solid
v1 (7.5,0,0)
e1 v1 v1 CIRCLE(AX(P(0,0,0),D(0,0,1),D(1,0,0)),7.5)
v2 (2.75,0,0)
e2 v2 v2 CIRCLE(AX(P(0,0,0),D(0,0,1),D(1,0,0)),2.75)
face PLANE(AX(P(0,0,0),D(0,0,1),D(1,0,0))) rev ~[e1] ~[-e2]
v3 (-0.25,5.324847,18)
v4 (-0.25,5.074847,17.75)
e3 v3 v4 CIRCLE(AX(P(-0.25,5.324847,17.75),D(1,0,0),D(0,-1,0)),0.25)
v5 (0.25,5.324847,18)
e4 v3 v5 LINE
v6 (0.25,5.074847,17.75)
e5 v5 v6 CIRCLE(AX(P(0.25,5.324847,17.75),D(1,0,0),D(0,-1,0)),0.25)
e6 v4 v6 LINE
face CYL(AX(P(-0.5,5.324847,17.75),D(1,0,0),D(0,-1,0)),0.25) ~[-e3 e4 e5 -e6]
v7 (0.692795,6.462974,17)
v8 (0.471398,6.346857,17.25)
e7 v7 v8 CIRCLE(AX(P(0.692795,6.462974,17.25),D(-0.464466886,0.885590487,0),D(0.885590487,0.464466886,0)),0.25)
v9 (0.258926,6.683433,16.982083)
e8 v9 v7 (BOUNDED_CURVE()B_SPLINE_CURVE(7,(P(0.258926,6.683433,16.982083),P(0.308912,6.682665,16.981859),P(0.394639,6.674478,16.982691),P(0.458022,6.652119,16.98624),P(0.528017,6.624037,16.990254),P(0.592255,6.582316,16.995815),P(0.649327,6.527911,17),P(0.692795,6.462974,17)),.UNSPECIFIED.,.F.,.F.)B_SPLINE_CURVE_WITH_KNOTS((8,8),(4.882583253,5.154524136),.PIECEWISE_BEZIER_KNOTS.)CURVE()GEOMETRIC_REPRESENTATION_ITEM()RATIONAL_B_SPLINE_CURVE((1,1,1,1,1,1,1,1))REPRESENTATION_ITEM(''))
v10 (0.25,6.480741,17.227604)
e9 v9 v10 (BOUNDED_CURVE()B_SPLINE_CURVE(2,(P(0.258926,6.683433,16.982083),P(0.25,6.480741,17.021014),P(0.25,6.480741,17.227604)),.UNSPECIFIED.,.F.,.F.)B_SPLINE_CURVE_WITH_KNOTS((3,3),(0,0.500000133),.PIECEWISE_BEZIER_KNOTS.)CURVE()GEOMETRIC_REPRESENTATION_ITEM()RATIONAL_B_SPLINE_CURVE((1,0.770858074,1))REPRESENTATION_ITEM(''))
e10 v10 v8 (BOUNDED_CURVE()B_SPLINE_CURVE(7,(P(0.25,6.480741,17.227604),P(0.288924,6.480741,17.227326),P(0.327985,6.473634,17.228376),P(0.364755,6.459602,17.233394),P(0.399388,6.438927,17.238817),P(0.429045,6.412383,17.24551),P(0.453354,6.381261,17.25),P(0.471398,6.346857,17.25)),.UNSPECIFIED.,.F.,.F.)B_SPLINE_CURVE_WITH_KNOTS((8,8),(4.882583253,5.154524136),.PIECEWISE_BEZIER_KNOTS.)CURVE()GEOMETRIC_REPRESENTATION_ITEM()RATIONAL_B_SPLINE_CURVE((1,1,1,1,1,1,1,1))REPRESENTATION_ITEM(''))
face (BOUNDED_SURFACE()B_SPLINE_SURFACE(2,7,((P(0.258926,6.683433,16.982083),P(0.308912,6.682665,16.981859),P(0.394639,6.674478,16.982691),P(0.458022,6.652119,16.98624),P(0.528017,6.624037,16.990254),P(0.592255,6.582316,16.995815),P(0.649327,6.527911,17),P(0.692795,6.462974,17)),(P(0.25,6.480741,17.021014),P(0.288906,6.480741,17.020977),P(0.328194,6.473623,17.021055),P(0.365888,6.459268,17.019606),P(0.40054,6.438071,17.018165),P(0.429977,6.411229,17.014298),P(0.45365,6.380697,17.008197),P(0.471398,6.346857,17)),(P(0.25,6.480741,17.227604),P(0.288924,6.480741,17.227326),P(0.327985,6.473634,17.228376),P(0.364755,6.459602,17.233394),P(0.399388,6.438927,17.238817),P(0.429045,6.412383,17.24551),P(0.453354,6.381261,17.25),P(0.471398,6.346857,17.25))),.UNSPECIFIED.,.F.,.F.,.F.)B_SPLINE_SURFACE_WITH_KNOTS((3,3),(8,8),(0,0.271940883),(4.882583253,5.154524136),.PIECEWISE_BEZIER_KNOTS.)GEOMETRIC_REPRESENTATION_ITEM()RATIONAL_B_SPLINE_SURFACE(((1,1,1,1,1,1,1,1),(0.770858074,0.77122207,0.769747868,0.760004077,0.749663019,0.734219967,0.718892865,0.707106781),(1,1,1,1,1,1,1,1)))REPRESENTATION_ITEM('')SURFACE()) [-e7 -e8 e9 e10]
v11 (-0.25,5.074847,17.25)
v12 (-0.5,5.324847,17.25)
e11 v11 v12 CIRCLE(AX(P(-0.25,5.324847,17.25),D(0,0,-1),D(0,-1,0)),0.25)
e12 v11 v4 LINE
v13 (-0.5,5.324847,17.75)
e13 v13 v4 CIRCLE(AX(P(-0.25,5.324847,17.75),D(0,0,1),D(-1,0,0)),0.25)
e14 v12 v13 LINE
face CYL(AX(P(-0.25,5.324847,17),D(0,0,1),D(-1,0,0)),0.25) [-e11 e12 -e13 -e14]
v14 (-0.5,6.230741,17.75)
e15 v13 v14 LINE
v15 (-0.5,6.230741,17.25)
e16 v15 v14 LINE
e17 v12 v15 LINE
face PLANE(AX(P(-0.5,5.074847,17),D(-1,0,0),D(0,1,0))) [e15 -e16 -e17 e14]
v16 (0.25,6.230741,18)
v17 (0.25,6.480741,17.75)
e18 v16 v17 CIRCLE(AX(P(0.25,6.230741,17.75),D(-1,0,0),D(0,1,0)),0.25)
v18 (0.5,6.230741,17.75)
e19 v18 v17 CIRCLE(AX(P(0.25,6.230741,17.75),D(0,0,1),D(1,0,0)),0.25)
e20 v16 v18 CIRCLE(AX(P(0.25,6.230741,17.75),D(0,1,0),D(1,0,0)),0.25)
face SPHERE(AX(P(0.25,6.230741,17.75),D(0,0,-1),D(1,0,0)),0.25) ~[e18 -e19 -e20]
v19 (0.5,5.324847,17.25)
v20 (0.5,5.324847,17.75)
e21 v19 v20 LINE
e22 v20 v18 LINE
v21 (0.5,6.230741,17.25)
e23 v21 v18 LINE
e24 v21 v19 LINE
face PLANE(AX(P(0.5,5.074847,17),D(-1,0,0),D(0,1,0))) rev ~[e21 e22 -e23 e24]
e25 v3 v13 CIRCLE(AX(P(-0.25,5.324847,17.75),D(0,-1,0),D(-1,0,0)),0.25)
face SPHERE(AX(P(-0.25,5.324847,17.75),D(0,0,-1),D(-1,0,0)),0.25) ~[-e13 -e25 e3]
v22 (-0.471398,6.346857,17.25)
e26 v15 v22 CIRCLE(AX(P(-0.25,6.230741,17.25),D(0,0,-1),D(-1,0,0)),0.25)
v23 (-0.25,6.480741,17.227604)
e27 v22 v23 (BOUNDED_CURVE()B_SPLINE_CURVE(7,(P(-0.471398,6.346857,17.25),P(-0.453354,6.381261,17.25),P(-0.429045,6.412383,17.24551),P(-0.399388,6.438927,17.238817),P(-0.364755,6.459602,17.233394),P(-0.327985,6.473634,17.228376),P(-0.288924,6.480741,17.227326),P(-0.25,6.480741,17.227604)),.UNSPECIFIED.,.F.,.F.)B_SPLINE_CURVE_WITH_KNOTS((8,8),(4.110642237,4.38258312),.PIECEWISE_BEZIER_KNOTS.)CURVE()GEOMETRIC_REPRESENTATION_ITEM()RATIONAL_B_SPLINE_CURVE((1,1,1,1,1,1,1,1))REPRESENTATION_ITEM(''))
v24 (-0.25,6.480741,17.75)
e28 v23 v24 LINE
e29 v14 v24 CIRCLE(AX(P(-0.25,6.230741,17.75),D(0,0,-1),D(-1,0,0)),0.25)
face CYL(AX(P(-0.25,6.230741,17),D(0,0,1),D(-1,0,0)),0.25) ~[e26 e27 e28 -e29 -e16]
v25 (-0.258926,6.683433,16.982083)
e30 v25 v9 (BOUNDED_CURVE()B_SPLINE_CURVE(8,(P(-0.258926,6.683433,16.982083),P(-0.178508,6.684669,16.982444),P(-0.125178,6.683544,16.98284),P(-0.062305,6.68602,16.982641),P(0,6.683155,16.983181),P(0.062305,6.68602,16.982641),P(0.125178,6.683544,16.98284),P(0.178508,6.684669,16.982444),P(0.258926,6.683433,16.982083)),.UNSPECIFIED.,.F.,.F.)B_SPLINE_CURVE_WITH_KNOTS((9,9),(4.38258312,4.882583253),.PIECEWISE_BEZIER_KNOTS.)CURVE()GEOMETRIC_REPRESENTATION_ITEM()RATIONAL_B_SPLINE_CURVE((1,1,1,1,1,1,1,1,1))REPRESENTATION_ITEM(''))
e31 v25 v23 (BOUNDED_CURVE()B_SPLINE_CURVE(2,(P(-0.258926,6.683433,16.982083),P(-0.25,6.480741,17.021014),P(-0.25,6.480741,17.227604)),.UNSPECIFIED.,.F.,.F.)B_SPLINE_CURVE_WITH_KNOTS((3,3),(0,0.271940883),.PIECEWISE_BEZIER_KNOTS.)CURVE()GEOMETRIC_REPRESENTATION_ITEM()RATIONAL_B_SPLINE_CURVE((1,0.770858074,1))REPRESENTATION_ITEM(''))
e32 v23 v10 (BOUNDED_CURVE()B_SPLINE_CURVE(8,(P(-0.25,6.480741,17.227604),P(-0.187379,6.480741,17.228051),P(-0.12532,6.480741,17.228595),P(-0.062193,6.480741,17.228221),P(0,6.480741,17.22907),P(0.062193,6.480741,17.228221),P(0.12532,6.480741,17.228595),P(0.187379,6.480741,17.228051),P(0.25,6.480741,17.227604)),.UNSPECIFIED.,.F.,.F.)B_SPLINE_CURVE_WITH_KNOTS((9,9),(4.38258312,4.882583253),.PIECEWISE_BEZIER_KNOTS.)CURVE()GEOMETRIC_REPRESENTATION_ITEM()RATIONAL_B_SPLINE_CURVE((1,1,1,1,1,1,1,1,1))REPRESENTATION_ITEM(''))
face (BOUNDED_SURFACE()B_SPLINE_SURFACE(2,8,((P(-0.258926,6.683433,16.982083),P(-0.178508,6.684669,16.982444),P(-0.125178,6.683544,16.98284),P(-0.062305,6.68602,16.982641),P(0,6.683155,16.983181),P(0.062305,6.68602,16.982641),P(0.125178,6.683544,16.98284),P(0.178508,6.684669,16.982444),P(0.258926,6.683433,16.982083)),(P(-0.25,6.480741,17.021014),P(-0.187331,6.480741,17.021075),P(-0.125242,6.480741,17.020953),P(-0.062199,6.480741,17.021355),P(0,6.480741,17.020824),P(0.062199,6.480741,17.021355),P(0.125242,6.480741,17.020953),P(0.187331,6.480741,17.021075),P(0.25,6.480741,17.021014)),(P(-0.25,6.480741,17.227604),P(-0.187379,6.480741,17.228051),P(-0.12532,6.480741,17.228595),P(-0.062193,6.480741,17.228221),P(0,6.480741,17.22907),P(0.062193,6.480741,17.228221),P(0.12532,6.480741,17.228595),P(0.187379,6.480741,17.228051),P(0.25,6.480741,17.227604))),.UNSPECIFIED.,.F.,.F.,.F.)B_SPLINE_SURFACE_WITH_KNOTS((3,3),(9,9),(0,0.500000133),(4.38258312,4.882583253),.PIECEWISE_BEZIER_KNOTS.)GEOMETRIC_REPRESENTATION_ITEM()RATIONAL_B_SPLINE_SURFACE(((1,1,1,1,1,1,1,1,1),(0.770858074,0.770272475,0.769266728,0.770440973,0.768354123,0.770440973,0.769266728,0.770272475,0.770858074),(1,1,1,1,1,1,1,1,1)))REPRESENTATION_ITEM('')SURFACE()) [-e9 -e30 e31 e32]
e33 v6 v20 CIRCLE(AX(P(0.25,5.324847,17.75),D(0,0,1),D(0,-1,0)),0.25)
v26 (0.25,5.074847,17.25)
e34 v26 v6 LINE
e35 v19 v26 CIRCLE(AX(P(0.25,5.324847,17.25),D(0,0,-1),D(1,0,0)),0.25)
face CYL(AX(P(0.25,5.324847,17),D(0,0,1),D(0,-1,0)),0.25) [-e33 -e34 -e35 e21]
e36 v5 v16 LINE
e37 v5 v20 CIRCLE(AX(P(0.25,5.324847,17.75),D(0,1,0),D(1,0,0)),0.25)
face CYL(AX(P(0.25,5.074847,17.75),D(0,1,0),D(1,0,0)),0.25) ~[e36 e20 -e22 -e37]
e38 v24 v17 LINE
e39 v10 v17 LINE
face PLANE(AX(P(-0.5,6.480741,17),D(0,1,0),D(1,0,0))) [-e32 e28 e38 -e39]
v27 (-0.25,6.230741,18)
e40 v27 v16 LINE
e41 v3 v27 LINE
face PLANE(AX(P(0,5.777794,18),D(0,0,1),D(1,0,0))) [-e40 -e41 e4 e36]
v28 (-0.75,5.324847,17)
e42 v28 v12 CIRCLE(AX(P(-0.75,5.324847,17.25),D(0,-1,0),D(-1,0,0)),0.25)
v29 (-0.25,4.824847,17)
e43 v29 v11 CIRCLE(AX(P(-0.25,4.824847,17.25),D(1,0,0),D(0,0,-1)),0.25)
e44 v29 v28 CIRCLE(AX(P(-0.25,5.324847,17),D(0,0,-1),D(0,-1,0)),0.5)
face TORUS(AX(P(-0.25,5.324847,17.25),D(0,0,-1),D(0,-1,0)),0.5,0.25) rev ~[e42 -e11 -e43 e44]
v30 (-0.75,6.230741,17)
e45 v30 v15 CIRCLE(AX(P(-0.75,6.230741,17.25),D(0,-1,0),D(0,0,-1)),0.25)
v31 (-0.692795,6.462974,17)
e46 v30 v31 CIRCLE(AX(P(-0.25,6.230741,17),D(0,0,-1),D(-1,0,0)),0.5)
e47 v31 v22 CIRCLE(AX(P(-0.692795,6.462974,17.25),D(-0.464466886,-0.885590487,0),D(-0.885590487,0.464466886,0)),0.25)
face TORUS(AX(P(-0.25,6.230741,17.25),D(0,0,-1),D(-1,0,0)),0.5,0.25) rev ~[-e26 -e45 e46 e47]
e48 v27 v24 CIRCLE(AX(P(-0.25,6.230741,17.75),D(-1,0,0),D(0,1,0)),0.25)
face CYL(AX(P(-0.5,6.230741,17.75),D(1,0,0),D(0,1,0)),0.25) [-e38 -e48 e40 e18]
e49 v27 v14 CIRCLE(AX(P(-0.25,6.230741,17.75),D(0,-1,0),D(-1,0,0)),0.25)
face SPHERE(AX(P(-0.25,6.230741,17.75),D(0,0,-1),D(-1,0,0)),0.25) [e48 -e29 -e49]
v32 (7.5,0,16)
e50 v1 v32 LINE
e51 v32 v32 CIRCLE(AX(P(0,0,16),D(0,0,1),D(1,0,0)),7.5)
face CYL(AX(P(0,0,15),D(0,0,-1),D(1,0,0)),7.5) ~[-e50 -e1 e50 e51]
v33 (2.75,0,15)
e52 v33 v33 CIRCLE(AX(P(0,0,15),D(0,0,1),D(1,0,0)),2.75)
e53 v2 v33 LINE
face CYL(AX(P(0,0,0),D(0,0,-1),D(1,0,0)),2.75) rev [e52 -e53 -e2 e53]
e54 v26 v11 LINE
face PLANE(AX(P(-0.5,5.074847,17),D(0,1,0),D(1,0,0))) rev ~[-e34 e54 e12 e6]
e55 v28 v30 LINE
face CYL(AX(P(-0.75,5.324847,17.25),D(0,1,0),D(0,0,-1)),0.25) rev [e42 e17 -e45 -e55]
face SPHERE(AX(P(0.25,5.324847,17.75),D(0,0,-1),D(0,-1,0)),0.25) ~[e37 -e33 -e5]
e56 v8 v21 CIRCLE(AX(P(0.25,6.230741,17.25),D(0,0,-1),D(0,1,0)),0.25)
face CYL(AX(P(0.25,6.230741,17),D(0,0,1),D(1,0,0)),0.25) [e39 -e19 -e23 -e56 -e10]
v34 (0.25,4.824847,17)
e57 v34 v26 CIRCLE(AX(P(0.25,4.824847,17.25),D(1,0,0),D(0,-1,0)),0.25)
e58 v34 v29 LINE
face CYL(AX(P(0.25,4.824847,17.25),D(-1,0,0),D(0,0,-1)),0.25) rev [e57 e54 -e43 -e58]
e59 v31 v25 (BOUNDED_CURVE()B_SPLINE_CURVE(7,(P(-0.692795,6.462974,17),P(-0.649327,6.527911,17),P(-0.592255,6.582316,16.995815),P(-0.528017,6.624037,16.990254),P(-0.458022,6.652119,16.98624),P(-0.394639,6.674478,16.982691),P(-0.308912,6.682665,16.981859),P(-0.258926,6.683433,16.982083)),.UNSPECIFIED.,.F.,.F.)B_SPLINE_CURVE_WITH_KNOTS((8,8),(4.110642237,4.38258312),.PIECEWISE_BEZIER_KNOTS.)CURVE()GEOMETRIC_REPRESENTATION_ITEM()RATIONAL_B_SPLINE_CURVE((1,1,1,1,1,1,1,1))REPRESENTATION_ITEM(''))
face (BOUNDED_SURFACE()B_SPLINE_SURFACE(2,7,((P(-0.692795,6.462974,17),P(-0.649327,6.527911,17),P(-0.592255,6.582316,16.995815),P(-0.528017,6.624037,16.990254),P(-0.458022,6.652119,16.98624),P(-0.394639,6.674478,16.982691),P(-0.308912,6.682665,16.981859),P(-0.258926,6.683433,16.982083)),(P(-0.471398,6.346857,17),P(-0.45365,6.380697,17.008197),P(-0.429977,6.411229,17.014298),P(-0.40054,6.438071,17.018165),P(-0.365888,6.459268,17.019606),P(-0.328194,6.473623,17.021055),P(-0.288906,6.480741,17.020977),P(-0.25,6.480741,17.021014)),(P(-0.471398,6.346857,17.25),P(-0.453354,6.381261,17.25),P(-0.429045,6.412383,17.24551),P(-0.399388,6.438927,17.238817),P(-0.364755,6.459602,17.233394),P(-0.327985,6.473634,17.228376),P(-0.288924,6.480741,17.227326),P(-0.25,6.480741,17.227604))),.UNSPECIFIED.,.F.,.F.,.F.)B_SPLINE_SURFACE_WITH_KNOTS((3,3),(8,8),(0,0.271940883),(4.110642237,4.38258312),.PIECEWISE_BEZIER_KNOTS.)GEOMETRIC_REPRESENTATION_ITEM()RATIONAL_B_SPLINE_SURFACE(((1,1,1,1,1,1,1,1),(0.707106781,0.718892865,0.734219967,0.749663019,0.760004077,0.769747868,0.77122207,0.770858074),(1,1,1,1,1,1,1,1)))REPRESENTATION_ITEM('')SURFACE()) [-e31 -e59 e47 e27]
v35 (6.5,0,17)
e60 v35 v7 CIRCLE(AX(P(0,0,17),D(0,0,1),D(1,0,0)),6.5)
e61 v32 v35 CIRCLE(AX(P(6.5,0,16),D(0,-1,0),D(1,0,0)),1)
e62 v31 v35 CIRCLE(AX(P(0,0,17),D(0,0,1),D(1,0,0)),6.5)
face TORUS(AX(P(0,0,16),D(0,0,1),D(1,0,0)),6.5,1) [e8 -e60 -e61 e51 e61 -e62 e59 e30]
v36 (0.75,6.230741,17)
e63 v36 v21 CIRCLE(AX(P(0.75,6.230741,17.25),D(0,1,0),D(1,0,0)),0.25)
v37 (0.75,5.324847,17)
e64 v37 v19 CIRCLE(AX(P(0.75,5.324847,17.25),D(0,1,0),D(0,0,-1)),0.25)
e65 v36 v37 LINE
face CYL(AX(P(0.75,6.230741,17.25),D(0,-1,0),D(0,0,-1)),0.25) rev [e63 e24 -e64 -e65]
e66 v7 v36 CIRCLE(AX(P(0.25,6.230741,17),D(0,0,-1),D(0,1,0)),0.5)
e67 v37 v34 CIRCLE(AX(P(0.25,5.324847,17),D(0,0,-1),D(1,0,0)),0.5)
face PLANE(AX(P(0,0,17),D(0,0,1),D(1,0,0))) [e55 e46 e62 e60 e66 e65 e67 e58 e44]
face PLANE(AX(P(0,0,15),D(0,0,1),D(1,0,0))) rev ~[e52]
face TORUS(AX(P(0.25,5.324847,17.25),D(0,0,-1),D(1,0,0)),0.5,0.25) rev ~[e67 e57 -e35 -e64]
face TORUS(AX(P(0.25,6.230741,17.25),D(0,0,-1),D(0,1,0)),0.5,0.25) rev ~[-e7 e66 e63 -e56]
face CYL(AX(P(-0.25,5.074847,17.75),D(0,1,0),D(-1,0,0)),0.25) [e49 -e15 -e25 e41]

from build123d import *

# Parameters (mm, degrees)
ESQUISSE1_R        = 7.5
ESQUISSE1_R_2      = 2.75
BOSS_EXTRU_1_DEPTH = 15
ESQUISSE2_R        = 7.5
BOSS_EXTRU_2_DEPTH = 2
CONG_1_R           = 1
ESQUISSE3_W        = 1
ESQUISSE3_H        = 1.40589343
BOSS_EXTRU_3_DEPTH = 1
CONG_2_R           = 0.25
CONG_3_R           = 0.25


with BuildPart() as part:
    # Esquisse1 → Boss.-Extru.1 (new body)
    with BuildSketch(Plane.XY):
        Circle(ESQUISSE1_R)
        Circle(ESQUISSE1_R_2, mode=Mode.SUBTRACT)
    extrude(amount=BOSS_EXTRU_1_DEPTH)

    # Esquisse2 → Boss.-Extru.2 (add)
    with BuildSketch(Plane.XY.offset(15)):
        Circle(ESQUISSE2_R)
    extrude(amount=BOSS_EXTRU_2_DEPTH)

    # Congé1
    cong_1_edges = [part.edges().sort_by_distance(p)[0] for p in [
        (-7.5, 0, 17),
    ]]
    fillet(cong_1_edges, radius=CONG_1_R)

    # Esquisse3 → Boss.-Extru.3 (add)
    with BuildSketch(Plane.XY.offset(17)):
        with Locations((0, 5.777793983)):
            Rectangle(ESQUISSE3_W, ESQUISSE3_H)
    extrude(amount=BOSS_EXTRU_3_DEPTH)

    # Congé2
    cong_2_edges = [part.edges().sort_by_distance(p)[0] for p in [
        (-0.5, 6.480740698, 17.5),
        (-0.5, 5.074847268, 17.5),
        (0.5, 5.074847268, 17.5),
        (0.5, 6.480740698, 17.5),
        (-0.5, 5.777793983, 18),
        (0, 5.074847268, 18),
        (0.5, 5.777793983, 18),
        (0, 6.480740698, 18),
    ]]
    fillet(cong_2_edges, radius=CONG_2_R)

    # Congé3
    cong_3_edges = [part.edges().sort_by_distance(p)[0] for p in [
        (0, 6.480740698, 17),
        (-0.5, 5.777793983, 17),
        (0.5, 5.777793983, 17),
        (0, 5.074847268, 17),
        (-0.426776695, 6.407517394, 17),
        (0.426776695, 6.407517394, 17),
        (-0.426776695, 5.148070573, 17),
        (0.426776695, 5.148070573, 17),
    ]]
    fillet(cong_3_edges, radius=CONG_3_R)


solid = part.part
